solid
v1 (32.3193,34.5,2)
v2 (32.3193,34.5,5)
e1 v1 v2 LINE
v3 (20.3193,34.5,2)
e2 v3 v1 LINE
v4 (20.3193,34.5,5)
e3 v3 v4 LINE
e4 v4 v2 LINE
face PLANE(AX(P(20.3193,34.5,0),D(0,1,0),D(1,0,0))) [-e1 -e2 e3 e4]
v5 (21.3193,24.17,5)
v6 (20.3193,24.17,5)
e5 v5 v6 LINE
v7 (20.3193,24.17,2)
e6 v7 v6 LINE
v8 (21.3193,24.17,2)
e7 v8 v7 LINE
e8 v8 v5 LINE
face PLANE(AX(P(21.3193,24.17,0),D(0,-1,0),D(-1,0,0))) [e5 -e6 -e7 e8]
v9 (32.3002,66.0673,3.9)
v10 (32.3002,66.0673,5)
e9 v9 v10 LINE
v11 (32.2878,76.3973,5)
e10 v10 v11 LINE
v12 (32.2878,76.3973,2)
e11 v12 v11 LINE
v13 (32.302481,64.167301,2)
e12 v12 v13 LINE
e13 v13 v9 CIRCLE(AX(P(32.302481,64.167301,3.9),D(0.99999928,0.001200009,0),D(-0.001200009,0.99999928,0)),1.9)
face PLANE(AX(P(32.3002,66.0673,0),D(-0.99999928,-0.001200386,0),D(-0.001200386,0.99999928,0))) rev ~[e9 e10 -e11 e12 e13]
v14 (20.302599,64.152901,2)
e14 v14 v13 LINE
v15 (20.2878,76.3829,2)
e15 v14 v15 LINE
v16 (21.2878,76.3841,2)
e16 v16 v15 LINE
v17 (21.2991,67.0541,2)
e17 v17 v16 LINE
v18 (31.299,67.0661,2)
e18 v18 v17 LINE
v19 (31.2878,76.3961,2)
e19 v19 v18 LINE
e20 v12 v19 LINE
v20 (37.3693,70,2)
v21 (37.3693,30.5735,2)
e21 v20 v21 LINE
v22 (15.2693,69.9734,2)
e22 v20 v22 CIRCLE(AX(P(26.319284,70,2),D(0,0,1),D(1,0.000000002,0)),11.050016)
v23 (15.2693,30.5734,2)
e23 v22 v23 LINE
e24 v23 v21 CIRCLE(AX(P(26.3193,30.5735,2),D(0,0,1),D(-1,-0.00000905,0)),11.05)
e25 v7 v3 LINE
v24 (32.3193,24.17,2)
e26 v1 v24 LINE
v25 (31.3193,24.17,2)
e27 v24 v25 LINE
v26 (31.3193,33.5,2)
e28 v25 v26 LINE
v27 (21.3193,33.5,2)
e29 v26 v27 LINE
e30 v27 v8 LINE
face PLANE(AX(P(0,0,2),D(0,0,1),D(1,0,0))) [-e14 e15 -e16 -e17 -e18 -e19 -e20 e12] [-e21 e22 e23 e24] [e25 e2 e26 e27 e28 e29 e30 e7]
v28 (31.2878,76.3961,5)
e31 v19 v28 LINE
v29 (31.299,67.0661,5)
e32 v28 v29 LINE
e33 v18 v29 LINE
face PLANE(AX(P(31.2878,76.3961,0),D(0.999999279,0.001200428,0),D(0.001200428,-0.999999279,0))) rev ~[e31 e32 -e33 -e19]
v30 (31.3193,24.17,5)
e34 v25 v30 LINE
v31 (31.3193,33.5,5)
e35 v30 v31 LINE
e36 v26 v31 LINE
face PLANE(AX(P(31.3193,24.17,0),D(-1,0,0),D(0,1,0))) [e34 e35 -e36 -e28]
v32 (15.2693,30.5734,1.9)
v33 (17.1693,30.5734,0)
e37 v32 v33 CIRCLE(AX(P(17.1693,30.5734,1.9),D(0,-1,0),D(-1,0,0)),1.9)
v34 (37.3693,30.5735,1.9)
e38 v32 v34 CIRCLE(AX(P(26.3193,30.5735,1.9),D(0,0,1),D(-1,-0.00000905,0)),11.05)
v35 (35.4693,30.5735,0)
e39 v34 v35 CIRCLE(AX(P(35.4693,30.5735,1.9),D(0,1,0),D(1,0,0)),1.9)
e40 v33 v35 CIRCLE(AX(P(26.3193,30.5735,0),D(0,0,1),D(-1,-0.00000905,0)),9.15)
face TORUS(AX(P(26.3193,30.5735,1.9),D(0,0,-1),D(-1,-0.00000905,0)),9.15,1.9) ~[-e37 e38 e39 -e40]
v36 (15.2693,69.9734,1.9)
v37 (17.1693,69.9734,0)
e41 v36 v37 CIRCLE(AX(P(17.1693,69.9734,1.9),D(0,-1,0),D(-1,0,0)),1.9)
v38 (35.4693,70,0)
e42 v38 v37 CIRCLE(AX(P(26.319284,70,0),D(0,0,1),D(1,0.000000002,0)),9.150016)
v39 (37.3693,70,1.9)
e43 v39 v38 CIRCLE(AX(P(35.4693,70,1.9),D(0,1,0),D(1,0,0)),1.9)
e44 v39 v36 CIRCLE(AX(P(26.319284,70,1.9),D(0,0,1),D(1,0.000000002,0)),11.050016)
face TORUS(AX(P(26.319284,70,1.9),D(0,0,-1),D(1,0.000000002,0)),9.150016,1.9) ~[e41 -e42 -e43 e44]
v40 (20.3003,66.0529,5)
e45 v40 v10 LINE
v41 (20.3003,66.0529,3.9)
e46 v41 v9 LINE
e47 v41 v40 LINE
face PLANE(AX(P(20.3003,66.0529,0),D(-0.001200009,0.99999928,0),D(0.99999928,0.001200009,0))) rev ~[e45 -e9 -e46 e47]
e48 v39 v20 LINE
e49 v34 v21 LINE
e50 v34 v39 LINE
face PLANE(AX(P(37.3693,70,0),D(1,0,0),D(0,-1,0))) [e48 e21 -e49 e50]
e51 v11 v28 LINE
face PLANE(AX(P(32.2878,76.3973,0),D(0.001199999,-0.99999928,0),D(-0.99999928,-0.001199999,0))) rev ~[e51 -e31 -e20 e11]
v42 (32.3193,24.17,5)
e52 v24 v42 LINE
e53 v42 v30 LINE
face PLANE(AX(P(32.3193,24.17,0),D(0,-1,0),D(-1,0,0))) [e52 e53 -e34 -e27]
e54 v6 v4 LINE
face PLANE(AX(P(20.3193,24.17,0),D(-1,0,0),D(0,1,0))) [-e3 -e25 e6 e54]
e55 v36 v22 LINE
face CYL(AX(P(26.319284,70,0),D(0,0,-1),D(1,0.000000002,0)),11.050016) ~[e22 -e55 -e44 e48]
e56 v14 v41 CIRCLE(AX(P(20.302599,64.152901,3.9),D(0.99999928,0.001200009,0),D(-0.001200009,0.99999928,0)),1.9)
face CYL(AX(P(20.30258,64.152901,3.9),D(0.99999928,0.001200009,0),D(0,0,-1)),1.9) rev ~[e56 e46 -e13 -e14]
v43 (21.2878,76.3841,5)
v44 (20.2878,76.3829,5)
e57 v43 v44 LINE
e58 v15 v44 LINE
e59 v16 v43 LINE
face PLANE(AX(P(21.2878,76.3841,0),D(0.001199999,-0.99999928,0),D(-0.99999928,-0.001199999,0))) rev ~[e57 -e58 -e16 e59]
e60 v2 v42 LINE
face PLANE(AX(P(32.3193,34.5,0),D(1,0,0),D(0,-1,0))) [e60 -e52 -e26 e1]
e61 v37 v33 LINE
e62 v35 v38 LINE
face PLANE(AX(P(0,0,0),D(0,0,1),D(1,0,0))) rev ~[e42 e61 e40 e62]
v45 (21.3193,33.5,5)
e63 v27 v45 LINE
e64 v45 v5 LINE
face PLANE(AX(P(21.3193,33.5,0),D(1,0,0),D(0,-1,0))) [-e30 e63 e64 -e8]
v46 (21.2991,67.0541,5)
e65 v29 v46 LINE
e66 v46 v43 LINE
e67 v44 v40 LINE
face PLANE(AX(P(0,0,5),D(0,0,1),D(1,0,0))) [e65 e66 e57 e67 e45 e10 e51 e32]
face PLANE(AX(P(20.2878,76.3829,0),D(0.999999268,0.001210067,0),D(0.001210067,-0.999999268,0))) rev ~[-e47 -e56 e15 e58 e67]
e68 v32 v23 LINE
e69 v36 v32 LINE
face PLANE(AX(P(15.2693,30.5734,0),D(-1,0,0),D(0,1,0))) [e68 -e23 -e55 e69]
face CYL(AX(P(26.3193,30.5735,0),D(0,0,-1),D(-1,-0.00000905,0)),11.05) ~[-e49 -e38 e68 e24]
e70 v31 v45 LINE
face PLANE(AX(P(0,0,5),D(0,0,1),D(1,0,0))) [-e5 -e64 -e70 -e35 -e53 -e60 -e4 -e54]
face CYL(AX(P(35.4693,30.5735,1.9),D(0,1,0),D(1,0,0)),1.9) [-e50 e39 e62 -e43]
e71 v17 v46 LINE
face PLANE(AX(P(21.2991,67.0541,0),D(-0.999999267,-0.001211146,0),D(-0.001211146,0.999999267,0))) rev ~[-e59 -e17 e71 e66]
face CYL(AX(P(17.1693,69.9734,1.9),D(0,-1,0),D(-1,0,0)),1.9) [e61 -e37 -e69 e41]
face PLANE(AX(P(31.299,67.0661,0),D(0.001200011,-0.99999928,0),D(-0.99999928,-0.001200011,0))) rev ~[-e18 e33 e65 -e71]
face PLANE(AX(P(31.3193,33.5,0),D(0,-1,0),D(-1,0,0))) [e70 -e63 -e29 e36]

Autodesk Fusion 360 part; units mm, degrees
sketch "Boceto1" plane through (0, 0, 0) normal (0, 0, 1) x (1, 0, 0)
  line L0 (37.3693, 70) -> (37.3693, 30.5735)
  line L1 (15.2693, 30.5734) -> (15.2693, 69.9734)
  arc A0 (15.2693, 30.5734) -> (37.3693, 30.5735) centre (26.3193, 30.5735) ccw
  arc A1 (37.3693, 70) -> (15.2693, 69.9734) centre (26.3193, 70) ccw
  line L2 (20.3193, 24.17) -> (20.3193, 34.5)
  line L3 (20.3193, 34.5) -> (32.3193, 34.5)
  line L4 (32.3193, 34.5) -> (32.3193, 24.17)
  line L5 (32.3193, 24.17) -> (31.3193, 24.17)
  line L6 (31.3193, 24.17) -> (31.3193, 33.5)
  line L7 (31.3193, 33.5) -> (21.3193, 33.5)
  line L8 (21.3193, 33.5) -> (21.3193, 24.17)
  line L9 (21.3193, 24.17) -> (20.3193, 24.17)
  line L10 (15.2693, 30.5734) -> (15.2693, 50.2734)
  line L11 (20.2878, 76.3829) -> (20.3003, 66.0529)
  line L12 (20.3003, 66.0529) -> (32.3002, 66.0673)
  line L13 (32.3002, 66.0673) -> (32.2878, 76.3973)
  line L14 (32.2878, 76.3973) -> (31.2878, 76.3961)
  line L15 (31.2878, 76.3961) -> (31.299, 67.0661)
  line L16 (31.299, 67.0661) -> (21.2991, 67.0541)
  line L17 (21.2991, 67.0541) -> (21.2878, 76.3841)
  line L18 (21.2878, 76.3841) -> (20.2878, 76.3829)
  dimension "d1" = 39.4
  dimension "d2" = 22.1
  dimension "d11" = 1
  dimension "d12" = 1
  dimension "d13" = 10
  dimension "d14" = 12
  dimension "d15" = 10.33
  dimension "d16" = 1
  dimension "d25" = 10.33
extrude "Extruir2" add sketch "Boceto1" along normal blind 5 contours L11 L12 L13 L14 L15 L16 L17 L18 makes body 1
extrude "Extruir3" add sketch "Boceto1" along normal blind 5 separate body contours L2 L3 L4 L5 L6 L7 L8 L9 makes body 2
extrude "Extruir4" add sketch "Boceto1" along normal blind 2 bodies 1 2
fillet "Empalme2" radius 1.9 5 edges at (26.3003, 66.0601, 2) (15.2693, 50.2734, 0) (26.3193, 19.5235, 0) (37.3693, 50.2867, 0) (26.306, 81.05, 0) on bodies 1
